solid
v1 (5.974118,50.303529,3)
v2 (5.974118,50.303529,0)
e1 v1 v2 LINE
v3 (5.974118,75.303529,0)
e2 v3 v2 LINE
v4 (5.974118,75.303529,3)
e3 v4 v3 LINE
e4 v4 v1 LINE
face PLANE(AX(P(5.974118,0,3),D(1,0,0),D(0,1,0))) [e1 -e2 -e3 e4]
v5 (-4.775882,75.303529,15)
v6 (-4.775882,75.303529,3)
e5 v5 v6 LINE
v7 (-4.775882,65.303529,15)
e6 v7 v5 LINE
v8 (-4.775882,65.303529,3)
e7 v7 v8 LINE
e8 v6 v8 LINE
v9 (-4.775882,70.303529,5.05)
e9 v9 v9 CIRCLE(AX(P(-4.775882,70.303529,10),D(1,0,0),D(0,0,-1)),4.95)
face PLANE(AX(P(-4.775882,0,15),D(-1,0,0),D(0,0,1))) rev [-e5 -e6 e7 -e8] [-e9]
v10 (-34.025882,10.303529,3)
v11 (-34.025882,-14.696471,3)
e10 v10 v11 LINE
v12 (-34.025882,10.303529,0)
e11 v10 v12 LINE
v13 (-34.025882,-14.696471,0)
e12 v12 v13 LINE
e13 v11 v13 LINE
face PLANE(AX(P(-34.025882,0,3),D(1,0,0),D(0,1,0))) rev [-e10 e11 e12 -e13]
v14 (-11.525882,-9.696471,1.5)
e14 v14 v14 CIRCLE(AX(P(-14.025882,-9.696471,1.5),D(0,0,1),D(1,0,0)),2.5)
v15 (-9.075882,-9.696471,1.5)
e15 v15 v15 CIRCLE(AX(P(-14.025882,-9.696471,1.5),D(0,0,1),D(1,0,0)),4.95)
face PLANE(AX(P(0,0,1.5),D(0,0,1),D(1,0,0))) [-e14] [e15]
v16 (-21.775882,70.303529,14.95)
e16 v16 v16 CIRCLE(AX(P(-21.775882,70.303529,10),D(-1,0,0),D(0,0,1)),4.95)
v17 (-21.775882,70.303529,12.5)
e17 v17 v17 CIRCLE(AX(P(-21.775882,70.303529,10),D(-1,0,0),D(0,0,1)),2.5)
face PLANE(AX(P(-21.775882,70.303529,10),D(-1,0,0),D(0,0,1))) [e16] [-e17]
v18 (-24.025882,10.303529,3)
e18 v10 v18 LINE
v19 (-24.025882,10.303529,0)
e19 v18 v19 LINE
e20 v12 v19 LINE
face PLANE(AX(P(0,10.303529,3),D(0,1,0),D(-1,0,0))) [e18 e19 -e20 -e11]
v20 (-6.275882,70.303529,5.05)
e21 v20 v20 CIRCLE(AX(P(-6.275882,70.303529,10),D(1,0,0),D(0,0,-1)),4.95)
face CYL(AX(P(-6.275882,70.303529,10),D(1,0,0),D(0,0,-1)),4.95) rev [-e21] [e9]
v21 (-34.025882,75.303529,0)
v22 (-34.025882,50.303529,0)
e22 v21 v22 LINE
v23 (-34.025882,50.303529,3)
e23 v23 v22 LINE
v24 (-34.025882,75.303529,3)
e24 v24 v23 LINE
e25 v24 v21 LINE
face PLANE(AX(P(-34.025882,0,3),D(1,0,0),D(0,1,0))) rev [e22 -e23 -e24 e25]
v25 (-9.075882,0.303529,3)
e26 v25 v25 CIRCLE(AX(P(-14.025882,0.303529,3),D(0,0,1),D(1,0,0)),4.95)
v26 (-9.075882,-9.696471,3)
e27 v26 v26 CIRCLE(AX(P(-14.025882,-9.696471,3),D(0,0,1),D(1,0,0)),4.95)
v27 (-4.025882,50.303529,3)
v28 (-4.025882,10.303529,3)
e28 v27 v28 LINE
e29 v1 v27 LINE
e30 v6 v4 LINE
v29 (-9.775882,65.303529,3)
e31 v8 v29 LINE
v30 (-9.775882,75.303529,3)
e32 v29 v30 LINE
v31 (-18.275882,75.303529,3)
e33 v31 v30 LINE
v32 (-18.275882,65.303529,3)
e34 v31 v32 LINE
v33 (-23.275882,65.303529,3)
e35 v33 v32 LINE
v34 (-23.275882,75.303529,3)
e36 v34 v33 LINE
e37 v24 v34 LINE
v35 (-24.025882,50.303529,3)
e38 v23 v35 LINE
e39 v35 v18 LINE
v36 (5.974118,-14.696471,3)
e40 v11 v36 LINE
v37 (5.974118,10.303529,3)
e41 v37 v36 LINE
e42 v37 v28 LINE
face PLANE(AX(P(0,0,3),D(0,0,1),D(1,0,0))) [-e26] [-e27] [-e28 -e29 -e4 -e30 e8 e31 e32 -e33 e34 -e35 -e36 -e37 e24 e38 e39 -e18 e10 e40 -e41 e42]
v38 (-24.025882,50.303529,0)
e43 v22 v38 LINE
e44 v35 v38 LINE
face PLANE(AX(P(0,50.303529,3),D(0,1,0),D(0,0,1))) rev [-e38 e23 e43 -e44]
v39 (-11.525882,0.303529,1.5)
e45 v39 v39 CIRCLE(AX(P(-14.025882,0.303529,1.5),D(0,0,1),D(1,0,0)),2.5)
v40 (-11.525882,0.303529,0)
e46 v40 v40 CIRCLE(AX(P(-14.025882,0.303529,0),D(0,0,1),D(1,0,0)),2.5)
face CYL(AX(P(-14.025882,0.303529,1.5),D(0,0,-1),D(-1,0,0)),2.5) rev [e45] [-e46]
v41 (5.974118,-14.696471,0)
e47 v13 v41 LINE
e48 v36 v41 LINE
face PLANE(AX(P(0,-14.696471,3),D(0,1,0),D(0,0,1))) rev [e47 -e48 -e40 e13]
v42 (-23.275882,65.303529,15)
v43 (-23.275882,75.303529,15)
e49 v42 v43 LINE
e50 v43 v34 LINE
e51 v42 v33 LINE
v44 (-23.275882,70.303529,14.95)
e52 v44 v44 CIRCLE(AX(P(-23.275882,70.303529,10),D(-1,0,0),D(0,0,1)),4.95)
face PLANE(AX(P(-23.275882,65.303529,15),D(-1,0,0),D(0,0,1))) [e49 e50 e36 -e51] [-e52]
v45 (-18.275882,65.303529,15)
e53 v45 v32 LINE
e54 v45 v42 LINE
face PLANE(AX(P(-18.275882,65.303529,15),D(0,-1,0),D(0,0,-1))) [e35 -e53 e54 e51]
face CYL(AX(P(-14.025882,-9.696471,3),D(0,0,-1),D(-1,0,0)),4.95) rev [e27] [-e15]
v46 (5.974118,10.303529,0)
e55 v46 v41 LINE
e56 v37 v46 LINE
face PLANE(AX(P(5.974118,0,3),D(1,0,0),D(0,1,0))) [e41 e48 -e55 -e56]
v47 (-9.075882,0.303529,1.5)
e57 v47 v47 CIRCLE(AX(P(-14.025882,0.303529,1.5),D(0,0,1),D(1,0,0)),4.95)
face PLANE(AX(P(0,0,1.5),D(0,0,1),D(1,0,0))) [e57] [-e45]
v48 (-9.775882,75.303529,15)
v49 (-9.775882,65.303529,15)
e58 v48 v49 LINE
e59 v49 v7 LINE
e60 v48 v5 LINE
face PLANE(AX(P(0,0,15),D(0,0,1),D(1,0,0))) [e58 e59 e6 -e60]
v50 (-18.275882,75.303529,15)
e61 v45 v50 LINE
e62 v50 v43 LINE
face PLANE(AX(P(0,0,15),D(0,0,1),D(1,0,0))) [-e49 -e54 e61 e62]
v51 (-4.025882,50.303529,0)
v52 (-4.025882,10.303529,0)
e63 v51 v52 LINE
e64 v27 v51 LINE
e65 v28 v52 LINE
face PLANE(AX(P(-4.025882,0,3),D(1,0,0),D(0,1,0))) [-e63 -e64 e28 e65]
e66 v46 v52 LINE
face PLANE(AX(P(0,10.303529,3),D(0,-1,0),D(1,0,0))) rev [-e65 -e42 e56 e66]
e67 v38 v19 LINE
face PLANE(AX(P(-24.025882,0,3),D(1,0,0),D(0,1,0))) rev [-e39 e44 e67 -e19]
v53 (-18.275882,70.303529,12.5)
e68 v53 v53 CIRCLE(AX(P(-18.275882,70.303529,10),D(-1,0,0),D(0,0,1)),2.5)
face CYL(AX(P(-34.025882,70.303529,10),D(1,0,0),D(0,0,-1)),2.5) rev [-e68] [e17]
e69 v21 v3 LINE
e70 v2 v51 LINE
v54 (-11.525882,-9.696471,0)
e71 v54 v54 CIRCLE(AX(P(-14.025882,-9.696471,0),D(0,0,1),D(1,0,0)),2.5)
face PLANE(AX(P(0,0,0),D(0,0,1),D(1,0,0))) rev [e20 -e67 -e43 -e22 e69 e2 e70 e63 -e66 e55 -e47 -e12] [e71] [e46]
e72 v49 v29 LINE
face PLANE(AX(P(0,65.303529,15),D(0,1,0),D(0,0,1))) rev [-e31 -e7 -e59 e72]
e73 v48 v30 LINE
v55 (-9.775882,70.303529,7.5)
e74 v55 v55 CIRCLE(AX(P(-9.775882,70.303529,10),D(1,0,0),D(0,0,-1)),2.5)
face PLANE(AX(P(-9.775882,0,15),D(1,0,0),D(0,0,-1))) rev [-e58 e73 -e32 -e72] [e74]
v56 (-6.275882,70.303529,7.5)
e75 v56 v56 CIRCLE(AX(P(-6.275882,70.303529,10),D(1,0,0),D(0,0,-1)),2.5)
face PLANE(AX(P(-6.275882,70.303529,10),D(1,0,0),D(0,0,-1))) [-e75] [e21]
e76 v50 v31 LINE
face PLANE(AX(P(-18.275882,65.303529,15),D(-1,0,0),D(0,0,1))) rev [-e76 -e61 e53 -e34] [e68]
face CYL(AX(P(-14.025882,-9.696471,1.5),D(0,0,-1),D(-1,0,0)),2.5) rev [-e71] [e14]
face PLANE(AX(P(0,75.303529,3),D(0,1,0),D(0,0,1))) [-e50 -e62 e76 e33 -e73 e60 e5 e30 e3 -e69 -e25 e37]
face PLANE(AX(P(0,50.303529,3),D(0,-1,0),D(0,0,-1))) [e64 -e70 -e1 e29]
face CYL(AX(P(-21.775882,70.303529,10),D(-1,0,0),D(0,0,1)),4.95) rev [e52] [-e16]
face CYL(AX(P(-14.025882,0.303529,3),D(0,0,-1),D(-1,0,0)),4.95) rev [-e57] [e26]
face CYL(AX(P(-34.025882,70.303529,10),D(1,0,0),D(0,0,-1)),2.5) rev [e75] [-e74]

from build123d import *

# Parameters (mm, degrees)
SKETCH1_R             = 4.95
SKETCH1_W             = 5
SKETCH1_H             = 10
SKETCH1_W_2           = 8.5
BODY_DEPTH            = 3
SKETCH1_3_R           = 4.95
SKETCH1_3_R_2         = 2.5
MOUNT_INSETS_DEPTH    = 1.5
SKETCH1_5_W           = 5
SKETCH1_5_H           = 10
HINGE_DEPTH           = 15
SKETCH2_R             = 4.95
SKETCH2_R_2           = 2.5
HINGE_INSET_DEPTH     = 1.5
HINGE_START           = -17
SKETCH2_2_R           = 4.95
SKETCH2_2_R_2         = 2.5
HINGE_INSET2_DEPTH    = 1.5
SKETCH2_3_R           = 2.5
HINGE_SCREWHOLE_DEPTH = 83.165589159


with BuildPart() as part:
    # Sketch1 → Body (new body)
    # profile 1 of 4: a face of its own
    with BuildSketch(Plane.XY):
        Polygon((-23.27588231, 75.303529412), (-34.02588231, 75.303529412), (-34.02588231, 50.303529412), (-24.02588231, 50.303529412), (-24.02588231, 10.303529412), (-34.02588231, 10.303529412), (-34.02588231, -14.696470588), (5.97411769, -14.696470588), (5.97411769, 10.303529412), (-4.02588231, 10.303529412), (-4.02588231, 50.303529412), (5.97411769, 50.303529412), (5.97411769, 75.303529412), (-4.77588231, 75.303529412), (-4.77588231, 65.303529412), (-9.77588231, 65.303529412), (-18.27588231, 65.303529412), (-23.27588231, 65.303529412), align=None)
        with Locations((-14.02588231, -9.696470588)):
            Circle(SKETCH1_R, mode=Mode.SUBTRACT)
        with Locations((-14.02588231, 0.303529412)):
            Circle(SKETCH1_R, mode=Mode.SUBTRACT)
    # profile 2 of 4: a face of its own
    with BuildSketch(Plane.XY):
        with Locations((-20.77588231, 70.303529412)):
            Rectangle(SKETCH1_W, SKETCH1_H)
    # profile 3 of 4: a face of its own
    with BuildSketch(Plane.XY):
        with Locations((-14.02588231, 70.303529412)):
            Rectangle(SKETCH1_W_2, SKETCH1_H)
    # profile 4 of 4: a face of its own
    with BuildSketch(Plane.XY):
        with Locations((-7.27588231, 70.303529412)):
            Rectangle(SKETCH1_W, SKETCH1_H)
    extrude(amount=BODY_DEPTH)

    # Sketch1<3> → Mount Insets (add)
    # profile 1 of 2: a face of its own
    with BuildSketch(Plane.XY):
        with Locations((-14.02588231, 0.303529412)):
            Circle(SKETCH1_3_R)
        with Locations((-14.02588231, 0.303529412)):
            Circle(SKETCH1_3_R_2, mode=Mode.SUBTRACT)
    # profile 2 of 2: a face of its own
    with BuildSketch(Plane.XY):
        with Locations((-14.02588231, -9.696470588)):
            Circle(SKETCH1_3_R)
        with Locations((-14.02588231, -9.696470588)):
            Circle(SKETCH1_3_R_2, mode=Mode.SUBTRACT)
    extrude(amount=MOUNT_INSETS_DEPTH)

    # Sketch1<5> → Hinge (add)
    with BuildSketch(Plane.XY):
        with Locations((-7.27588231, 70.303529412)):
            Rectangle(SKETCH1_5_W, SKETCH1_5_H)
        with Locations((-20.77588231, 70.303529412)):
            Rectangle(SKETCH1_5_W, SKETCH1_5_H)
    extrude(amount=HINGE_DEPTH)

    # Sketch2 → Hinge Inset (cut)
    with BuildSketch(Plane(origin=(-4.77588231, 0, 0), x_dir=(0, 0, -1), z_dir=(1, 0, 0))):
        with Locations((-10, 70.303529412)):
            Circle(SKETCH2_R)
        with Locations((-10, 70.303529412)):
            Circle(SKETCH2_R_2, mode=Mode.SUBTRACT)
    extrude(amount=-HINGE_INSET_DEPTH, mode=Mode.SUBTRACT)

    # Sketch2<2> → Hinge Inset2 (cut)
    with BuildSketch(Plane(origin=(-4.77588231, 0, 0), x_dir=(0, 0, -1), z_dir=(1, 0, 0)).offset(HINGE_START)):
        with Locations((-10, 70.303529412)):
            Circle(SKETCH2_2_R)
        with Locations((-10, 70.303529412)):
            Circle(SKETCH2_2_R_2, mode=Mode.SUBTRACT)
    extrude(amount=-HINGE_INSET2_DEPTH, mode=Mode.SUBTRACT)

    # Sketch2<3> → Hinge Screwhole (cut, through all)
    with BuildSketch(Plane(origin=(-4.77588231, 0, 0), x_dir=(0, 0, -1), z_dir=(1, 0, 0))):
        with Locations(Location((-10, 70.303529412, 0), (0, 0, 180))):
            Circle(SKETCH2_3_R)
    extrude(amount=-HINGE_SCREWHOLE_DEPTH, mode=Mode.SUBTRACT)


solid = part.part
